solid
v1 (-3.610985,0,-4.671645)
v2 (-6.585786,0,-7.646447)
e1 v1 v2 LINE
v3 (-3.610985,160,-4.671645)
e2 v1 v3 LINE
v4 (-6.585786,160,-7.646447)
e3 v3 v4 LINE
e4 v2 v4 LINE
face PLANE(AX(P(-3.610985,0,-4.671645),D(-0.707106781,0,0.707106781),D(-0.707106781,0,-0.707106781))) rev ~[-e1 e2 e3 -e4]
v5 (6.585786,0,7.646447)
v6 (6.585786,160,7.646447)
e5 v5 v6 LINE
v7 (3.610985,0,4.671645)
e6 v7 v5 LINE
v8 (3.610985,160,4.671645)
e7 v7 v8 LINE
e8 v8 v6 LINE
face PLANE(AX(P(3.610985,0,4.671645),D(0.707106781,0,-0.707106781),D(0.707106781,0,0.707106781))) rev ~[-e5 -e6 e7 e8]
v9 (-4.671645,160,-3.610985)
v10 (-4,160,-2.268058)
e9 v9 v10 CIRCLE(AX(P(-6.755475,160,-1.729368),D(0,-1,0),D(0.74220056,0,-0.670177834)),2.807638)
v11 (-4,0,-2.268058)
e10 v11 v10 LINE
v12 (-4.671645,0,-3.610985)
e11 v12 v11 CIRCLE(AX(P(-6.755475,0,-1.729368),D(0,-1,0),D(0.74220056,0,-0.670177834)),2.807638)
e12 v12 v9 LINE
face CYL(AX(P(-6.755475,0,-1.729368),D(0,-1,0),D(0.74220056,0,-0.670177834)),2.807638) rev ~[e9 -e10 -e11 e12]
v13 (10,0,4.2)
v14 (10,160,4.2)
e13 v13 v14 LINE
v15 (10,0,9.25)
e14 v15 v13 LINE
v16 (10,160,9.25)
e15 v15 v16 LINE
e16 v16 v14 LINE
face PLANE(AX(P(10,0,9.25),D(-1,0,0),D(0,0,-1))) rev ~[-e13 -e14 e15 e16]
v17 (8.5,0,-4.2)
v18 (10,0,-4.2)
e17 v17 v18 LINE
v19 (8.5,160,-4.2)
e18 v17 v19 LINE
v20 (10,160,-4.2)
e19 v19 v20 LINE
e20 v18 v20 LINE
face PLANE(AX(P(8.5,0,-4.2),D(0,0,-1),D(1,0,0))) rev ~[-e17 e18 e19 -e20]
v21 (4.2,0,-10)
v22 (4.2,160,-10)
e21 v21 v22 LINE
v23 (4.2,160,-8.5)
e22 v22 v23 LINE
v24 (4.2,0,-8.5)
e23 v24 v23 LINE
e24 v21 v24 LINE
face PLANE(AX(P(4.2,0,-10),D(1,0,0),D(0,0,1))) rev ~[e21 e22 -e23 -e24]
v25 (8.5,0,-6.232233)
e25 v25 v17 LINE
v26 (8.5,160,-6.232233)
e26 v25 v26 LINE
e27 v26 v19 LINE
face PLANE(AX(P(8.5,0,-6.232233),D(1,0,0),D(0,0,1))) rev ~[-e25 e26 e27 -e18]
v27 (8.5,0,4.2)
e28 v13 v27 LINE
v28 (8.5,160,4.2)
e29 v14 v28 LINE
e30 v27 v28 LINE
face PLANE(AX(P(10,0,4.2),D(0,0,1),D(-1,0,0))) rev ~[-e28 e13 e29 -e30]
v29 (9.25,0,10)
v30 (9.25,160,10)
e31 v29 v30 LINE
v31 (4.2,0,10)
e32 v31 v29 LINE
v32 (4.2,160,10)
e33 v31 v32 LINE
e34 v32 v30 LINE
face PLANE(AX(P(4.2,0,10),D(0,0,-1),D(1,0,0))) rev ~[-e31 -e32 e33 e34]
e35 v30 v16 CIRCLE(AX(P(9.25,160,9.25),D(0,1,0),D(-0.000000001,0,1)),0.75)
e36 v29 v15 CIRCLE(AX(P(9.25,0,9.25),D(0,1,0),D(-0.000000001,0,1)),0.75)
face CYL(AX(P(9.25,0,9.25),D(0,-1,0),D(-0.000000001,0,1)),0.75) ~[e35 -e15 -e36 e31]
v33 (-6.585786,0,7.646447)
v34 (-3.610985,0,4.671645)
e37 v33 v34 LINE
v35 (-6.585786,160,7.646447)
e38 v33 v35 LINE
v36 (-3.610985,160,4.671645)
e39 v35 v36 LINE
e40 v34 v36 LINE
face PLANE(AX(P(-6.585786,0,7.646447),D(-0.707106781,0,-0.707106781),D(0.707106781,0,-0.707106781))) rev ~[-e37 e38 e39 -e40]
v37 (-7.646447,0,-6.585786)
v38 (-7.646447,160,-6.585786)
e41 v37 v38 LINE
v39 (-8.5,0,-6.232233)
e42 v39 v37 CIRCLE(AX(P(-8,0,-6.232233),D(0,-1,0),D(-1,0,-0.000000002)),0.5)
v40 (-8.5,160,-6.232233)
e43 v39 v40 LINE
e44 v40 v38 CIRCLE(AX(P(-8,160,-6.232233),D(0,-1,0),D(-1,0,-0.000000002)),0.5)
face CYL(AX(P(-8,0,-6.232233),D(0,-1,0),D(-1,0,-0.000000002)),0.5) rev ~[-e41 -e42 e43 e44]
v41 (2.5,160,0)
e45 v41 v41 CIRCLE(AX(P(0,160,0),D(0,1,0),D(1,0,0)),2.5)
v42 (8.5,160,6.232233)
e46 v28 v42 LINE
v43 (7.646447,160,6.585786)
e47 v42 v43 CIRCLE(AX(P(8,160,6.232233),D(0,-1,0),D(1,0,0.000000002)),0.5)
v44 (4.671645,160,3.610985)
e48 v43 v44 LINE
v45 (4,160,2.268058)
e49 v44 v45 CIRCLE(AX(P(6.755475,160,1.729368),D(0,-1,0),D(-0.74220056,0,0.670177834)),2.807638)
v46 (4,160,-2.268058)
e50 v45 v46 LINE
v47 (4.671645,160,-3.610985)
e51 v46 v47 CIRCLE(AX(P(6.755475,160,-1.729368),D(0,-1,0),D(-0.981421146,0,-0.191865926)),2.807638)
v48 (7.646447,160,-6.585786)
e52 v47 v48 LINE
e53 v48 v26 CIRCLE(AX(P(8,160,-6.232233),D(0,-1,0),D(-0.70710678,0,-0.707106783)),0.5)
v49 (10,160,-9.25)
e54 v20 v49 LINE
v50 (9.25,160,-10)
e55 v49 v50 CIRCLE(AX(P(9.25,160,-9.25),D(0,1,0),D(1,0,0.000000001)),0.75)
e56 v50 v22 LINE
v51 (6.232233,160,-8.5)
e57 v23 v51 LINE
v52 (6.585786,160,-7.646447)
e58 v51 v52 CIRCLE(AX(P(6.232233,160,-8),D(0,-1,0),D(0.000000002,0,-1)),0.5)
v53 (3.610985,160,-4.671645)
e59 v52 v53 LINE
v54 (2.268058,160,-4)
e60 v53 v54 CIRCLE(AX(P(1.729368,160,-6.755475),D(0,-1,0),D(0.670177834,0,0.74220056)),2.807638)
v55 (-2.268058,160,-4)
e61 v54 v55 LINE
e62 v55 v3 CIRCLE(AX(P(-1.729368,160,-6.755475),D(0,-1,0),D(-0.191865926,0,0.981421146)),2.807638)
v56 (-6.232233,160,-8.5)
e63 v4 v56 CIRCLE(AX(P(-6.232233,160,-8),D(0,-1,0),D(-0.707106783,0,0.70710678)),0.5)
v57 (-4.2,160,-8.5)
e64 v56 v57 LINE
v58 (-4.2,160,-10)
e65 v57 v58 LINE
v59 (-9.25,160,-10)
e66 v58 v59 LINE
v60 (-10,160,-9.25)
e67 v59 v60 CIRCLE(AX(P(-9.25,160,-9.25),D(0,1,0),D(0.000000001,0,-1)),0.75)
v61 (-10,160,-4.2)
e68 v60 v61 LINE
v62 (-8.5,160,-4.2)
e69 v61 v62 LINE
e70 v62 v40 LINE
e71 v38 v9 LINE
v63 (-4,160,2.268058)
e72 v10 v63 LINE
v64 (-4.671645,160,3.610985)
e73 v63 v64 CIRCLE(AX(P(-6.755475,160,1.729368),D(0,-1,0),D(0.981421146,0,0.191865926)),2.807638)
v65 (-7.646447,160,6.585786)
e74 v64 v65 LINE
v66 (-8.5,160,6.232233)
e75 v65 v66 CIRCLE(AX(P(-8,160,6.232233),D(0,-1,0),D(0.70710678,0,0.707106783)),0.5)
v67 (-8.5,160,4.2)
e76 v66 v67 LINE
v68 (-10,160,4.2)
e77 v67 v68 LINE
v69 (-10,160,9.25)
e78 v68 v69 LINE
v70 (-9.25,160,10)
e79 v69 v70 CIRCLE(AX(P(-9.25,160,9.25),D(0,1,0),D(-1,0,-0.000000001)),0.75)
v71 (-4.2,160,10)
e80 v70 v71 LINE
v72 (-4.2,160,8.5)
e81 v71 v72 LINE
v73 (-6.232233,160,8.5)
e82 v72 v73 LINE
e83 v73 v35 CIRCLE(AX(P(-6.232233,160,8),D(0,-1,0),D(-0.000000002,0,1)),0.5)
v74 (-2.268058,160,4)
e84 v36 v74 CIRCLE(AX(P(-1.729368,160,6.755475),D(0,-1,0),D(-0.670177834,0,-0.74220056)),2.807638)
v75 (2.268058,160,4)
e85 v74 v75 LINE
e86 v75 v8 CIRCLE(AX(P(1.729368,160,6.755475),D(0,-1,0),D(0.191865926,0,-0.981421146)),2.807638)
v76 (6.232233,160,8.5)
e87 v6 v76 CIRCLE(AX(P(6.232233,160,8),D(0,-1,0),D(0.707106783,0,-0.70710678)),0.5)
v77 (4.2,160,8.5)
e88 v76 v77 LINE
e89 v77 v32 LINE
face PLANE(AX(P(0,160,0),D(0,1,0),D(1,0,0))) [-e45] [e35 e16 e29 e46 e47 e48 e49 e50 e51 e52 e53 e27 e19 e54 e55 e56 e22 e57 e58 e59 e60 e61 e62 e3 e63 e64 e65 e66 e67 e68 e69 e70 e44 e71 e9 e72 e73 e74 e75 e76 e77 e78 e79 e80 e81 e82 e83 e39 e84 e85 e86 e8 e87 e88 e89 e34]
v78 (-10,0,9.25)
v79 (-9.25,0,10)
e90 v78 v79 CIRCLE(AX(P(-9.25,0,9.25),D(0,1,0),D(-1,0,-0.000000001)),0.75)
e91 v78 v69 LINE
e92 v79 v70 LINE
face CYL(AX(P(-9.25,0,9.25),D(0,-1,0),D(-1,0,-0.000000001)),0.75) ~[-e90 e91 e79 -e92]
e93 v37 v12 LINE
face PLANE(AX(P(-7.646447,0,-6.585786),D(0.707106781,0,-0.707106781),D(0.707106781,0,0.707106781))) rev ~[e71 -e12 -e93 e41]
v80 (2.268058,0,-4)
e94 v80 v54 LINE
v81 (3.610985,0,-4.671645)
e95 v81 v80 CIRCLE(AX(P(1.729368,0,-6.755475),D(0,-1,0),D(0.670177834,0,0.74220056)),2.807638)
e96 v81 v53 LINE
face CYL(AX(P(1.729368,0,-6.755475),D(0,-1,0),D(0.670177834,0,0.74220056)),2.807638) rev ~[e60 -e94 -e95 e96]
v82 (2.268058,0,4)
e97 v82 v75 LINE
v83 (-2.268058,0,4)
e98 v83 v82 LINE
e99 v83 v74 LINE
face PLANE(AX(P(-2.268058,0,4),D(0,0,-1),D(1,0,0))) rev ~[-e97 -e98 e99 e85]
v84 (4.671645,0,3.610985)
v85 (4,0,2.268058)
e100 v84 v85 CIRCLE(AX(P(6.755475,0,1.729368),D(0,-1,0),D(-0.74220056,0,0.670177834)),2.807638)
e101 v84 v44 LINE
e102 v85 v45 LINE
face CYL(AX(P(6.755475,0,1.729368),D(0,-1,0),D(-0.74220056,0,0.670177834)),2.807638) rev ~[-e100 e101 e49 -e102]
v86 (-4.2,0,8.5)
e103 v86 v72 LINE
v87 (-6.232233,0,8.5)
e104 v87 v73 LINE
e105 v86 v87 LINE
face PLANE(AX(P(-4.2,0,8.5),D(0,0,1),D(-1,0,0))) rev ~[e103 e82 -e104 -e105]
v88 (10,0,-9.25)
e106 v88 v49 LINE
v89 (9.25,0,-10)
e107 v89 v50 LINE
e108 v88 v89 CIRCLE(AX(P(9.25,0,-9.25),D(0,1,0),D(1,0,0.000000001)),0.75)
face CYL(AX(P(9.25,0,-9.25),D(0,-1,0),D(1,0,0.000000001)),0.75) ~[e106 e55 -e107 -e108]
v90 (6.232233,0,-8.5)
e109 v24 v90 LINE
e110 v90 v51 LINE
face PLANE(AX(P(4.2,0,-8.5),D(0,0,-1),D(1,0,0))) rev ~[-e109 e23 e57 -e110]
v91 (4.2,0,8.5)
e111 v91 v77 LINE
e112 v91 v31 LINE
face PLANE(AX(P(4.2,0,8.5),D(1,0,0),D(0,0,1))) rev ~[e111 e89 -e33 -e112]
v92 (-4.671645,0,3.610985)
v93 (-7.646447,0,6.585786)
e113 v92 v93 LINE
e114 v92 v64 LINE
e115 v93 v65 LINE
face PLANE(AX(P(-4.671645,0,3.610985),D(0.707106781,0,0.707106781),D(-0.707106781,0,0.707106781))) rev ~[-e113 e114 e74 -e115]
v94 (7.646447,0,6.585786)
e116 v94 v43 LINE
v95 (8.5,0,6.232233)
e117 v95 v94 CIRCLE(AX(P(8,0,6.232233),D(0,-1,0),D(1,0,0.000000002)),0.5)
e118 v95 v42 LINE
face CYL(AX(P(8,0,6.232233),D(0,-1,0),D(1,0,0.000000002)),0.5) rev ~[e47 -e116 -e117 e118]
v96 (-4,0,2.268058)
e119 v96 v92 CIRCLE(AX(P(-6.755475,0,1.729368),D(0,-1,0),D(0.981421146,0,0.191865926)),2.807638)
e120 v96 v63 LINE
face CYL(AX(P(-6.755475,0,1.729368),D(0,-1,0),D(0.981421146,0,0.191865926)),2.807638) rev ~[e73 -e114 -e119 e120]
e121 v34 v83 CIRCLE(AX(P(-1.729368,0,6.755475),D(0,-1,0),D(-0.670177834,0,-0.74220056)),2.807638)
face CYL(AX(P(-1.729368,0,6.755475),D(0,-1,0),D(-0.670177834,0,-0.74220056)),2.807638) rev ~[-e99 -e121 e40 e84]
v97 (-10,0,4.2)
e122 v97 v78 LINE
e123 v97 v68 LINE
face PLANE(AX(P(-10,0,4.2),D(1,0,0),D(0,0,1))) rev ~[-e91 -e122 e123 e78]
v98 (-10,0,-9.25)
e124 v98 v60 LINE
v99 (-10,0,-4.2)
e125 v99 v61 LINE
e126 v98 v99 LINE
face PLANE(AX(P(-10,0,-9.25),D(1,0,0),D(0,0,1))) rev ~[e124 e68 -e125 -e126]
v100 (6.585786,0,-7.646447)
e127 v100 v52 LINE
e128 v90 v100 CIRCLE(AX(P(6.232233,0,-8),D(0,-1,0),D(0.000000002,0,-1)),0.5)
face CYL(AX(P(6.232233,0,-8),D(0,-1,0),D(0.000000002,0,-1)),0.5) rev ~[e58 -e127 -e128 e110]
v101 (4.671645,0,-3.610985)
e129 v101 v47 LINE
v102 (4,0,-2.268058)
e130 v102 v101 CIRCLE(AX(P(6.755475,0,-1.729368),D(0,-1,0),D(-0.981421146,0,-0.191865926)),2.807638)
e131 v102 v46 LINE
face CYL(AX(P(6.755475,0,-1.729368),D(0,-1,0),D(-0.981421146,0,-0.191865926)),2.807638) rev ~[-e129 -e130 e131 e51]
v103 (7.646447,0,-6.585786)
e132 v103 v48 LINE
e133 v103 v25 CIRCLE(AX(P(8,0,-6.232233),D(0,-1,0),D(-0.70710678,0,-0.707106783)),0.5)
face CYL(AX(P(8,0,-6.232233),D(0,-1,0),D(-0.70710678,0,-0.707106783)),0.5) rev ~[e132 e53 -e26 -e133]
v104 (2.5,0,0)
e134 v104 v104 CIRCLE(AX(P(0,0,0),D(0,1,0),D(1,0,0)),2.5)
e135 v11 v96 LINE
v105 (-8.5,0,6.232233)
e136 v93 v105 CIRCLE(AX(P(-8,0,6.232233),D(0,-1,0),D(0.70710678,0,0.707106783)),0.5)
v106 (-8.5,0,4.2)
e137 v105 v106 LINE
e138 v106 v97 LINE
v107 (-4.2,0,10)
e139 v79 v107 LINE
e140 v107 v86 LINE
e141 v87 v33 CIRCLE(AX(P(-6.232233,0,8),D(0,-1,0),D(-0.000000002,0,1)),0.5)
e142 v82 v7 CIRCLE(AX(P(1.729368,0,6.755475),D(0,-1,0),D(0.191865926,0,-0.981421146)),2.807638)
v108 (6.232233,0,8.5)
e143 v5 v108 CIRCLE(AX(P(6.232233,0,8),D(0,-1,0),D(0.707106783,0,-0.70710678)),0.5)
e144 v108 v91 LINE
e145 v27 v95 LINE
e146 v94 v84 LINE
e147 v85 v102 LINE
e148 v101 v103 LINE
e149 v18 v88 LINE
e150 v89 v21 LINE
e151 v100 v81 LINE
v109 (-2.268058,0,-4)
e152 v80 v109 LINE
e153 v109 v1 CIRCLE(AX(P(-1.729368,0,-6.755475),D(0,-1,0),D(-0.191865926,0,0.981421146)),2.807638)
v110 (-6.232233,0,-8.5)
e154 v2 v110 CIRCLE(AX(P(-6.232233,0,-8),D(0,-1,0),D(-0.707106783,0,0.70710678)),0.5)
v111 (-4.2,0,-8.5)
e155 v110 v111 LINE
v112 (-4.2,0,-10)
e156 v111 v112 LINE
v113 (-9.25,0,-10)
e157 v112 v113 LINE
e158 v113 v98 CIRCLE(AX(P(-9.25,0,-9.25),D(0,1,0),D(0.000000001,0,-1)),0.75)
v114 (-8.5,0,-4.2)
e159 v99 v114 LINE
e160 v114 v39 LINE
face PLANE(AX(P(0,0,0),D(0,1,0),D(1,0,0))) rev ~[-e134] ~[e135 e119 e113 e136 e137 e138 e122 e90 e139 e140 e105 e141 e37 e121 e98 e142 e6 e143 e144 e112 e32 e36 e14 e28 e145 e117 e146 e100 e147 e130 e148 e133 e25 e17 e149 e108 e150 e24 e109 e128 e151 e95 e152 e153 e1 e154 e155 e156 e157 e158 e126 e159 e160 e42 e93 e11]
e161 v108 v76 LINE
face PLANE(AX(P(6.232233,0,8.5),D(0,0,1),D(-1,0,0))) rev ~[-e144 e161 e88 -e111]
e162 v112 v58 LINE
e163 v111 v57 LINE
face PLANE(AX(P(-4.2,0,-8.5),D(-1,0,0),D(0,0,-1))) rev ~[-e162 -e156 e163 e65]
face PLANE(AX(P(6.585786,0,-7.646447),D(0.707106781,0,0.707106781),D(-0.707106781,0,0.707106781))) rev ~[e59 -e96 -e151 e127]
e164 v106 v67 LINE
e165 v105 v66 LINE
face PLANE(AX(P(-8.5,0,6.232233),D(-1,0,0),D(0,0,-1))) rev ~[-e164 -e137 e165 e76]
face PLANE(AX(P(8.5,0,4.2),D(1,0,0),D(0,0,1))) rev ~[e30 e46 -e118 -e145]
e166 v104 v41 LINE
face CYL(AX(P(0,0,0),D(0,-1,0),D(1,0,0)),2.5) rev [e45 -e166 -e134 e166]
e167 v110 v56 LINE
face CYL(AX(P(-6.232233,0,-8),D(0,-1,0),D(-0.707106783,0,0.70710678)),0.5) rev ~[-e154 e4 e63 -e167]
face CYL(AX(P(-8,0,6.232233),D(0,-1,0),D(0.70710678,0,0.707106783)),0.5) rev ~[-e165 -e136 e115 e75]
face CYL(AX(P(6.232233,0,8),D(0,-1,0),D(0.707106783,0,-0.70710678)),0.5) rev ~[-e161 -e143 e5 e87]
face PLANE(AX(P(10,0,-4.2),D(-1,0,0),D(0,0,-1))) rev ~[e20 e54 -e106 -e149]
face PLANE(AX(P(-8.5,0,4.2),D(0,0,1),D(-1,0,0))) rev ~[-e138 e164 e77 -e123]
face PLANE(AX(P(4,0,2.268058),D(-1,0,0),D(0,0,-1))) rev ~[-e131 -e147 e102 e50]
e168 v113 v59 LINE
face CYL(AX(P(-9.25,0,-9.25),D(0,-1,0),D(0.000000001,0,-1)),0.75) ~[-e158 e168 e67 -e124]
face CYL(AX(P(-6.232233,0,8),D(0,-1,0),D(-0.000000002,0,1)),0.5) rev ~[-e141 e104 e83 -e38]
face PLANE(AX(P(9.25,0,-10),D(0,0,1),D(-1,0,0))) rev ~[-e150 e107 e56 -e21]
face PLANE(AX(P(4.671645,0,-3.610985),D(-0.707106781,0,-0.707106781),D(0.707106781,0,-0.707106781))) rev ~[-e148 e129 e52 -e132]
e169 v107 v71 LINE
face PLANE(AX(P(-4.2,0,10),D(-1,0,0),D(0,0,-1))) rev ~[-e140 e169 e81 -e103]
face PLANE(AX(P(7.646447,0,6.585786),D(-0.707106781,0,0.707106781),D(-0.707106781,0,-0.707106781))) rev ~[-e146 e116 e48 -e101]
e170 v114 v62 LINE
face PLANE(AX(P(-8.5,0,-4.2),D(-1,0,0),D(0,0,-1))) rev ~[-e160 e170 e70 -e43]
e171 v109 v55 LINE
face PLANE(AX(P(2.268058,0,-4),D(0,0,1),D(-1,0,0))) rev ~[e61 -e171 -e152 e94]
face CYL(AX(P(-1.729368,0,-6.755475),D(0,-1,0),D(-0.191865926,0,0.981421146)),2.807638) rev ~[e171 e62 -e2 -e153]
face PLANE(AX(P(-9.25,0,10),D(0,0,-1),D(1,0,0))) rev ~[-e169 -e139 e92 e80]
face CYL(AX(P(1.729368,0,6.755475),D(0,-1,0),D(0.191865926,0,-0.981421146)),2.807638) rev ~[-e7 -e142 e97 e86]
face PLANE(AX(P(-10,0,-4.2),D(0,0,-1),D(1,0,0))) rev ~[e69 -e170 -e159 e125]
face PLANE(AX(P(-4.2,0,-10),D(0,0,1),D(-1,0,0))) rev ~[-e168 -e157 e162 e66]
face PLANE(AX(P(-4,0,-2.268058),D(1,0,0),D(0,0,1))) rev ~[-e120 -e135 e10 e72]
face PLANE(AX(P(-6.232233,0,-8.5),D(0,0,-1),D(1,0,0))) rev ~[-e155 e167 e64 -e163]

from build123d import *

# Parameters (mm, degrees)
SKETCH1_R           = 2.5
BOSS_EXTRUDE1_DEPTH = 160


with BuildPart() as part:
    # Sketch1 → Boss-Extrude1 (new body)
    with BuildSketch(Plane(origin=(0, 0, 0), x_dir=(1, 0, 0), z_dir=(0, 1, 0))):
        with BuildLine():
            Line((-3.610984523, 4.671644695), (-6.585786438, 7.646446609))
            ThreePointArc((-6.585786438, 7.646446609), (-6.694172813, 8.191341716), (-6.232233047, 8.5))
            Line((-6.232233047, 8.5), (-4.2, 8.5))
            Line((-4.2, 8.5), (-4.2, 10))
            Line((-4.2, 10), (-9.25, 10))
            ThreePointArc((-9.25, 10), (-9.780330086, 9.780330086), (-10, 9.25))
            Line((-10, 9.25), (-10, 4.2))
            Line((-10, 4.2), (-8.5, 4.2))
            Line((-8.5, 4.2), (-8.5, 6.232233047))
            ThreePointArc((-8.5, 6.232233047), (-8.191341716, 6.694172813), (-7.646446609, 6.585786438))
            Line((-7.646446609, 6.585786438), (-4.671644695, 3.610984523))
            ThreePointArc((-4.671644695, 3.610984523), (-4.244383234, 2.985253206), (-4, 2.268058063))
            Line((-4, 2.268058063), (-4, -2.268058063))
            ThreePointArc((-4, -2.268058063), (-4.244383234, -2.985253206), (-4.671644695, -3.610984523))
            Line((-4.671644695, -3.610984523), (-7.646446609, -6.585786438))
            ThreePointArc((-7.646446609, -6.585786438), (-8.191341716, -6.694172813), (-8.5, -6.232233047))
            Line((-8.5, -6.232233047), (-8.5, -4.2))
            Line((-8.5, -4.2), (-10, -4.2))
            Line((-10, -4.2), (-10, -9.25))
            ThreePointArc((-10, -9.25), (-9.780330086, -9.780330086), (-9.25, -10))
            Line((-9.25, -10), (-4.2, -10))
            Line((-4.2, -10), (-4.2, -8.5))
            Line((-4.2, -8.5), (-6.232233047, -8.5))
            ThreePointArc((-6.232233047, -8.5), (-6.694172813, -8.191341716), (-6.585786438, -7.646446609))
            Line((-6.585786438, -7.646446609), (-3.610984523, -4.671644695))
            ThreePointArc((-3.610984523, -4.671644695), (-2.985253206, -4.244383234), (-2.268058063, -4))
            Line((-2.268058063, -4), (2.268058063, -4))
            ThreePointArc((2.268058063, -4), (2.985253206, -4.244383234), (3.610984523, -4.671644695))
            Line((3.610984523, -4.671644695), (6.585786438, -7.646446609))
            ThreePointArc((6.585786438, -7.646446609), (6.694172813, -8.191341716), (6.232233047, -8.5))
            Line((6.232233047, -8.5), (4.2, -8.5))
            Line((4.2, -8.5), (4.2, -10))
            Line((4.2, -10), (9.25, -10))
            ThreePointArc((9.25, -10), (9.780330086, -9.780330086), (10, -9.25))
            Line((10, -9.25), (10, -4.2))
            Line((10, -4.2), (8.5, -4.2))
            Line((8.5, -4.2), (8.5, -6.232233047))
            ThreePointArc((8.5, -6.232233047), (8.191341716, -6.694172813), (7.646446609, -6.585786438))
            Line((7.646446609, -6.585786438), (4.671644695, -3.610984523))
            ThreePointArc((4.671644695, -3.610984523), (4.244383234, -2.985253206), (4, -2.268058063))
            Line((4, -2.268058063), (4, 2.268058063))
            ThreePointArc((4, 2.268058063), (4.244383234, 2.985253206), (4.671644695, 3.610984523))
            Line((4.671644695, 3.610984523), (7.646446609, 6.585786438))
            ThreePointArc((7.646446609, 6.585786438), (8.191341716, 6.694172813), (8.5, 6.232233047))
            Line((8.5, 6.232233047), (8.5, 4.2))
            Line((8.5, 4.2), (10, 4.2))
            Line((10, 4.2), (10, 9.25))
            ThreePointArc((10, 9.25), (9.780330086, 9.780330086), (9.25, 10))
            Line((9.25, 10), (4.2, 10))
            Line((4.2, 10), (4.2, 8.5))
            Line((4.2, 8.5), (6.232233047, 8.5))
            ThreePointArc((6.232233047, 8.5), (6.694172813, 8.191341716), (6.585786438, 7.646446609))
            Line((6.585786438, 7.646446609), (3.610984523, 4.671644695))
            ThreePointArc((3.610984523, 4.671644695), (2.985253206, 4.244383234), (2.268058063, 4))
            Line((2.268058063, 4), (-2.268058063, 4))
            ThreePointArc((-2.268058063, 4), (-2.985253206, 4.244383234), (-3.610984523, 4.671644695))
        make_face()
        Circle(SKETCH1_R, mode=Mode.SUBTRACT)
    extrude(amount=BOSS_EXTRUDE1_DEPTH)


solid = part.part
